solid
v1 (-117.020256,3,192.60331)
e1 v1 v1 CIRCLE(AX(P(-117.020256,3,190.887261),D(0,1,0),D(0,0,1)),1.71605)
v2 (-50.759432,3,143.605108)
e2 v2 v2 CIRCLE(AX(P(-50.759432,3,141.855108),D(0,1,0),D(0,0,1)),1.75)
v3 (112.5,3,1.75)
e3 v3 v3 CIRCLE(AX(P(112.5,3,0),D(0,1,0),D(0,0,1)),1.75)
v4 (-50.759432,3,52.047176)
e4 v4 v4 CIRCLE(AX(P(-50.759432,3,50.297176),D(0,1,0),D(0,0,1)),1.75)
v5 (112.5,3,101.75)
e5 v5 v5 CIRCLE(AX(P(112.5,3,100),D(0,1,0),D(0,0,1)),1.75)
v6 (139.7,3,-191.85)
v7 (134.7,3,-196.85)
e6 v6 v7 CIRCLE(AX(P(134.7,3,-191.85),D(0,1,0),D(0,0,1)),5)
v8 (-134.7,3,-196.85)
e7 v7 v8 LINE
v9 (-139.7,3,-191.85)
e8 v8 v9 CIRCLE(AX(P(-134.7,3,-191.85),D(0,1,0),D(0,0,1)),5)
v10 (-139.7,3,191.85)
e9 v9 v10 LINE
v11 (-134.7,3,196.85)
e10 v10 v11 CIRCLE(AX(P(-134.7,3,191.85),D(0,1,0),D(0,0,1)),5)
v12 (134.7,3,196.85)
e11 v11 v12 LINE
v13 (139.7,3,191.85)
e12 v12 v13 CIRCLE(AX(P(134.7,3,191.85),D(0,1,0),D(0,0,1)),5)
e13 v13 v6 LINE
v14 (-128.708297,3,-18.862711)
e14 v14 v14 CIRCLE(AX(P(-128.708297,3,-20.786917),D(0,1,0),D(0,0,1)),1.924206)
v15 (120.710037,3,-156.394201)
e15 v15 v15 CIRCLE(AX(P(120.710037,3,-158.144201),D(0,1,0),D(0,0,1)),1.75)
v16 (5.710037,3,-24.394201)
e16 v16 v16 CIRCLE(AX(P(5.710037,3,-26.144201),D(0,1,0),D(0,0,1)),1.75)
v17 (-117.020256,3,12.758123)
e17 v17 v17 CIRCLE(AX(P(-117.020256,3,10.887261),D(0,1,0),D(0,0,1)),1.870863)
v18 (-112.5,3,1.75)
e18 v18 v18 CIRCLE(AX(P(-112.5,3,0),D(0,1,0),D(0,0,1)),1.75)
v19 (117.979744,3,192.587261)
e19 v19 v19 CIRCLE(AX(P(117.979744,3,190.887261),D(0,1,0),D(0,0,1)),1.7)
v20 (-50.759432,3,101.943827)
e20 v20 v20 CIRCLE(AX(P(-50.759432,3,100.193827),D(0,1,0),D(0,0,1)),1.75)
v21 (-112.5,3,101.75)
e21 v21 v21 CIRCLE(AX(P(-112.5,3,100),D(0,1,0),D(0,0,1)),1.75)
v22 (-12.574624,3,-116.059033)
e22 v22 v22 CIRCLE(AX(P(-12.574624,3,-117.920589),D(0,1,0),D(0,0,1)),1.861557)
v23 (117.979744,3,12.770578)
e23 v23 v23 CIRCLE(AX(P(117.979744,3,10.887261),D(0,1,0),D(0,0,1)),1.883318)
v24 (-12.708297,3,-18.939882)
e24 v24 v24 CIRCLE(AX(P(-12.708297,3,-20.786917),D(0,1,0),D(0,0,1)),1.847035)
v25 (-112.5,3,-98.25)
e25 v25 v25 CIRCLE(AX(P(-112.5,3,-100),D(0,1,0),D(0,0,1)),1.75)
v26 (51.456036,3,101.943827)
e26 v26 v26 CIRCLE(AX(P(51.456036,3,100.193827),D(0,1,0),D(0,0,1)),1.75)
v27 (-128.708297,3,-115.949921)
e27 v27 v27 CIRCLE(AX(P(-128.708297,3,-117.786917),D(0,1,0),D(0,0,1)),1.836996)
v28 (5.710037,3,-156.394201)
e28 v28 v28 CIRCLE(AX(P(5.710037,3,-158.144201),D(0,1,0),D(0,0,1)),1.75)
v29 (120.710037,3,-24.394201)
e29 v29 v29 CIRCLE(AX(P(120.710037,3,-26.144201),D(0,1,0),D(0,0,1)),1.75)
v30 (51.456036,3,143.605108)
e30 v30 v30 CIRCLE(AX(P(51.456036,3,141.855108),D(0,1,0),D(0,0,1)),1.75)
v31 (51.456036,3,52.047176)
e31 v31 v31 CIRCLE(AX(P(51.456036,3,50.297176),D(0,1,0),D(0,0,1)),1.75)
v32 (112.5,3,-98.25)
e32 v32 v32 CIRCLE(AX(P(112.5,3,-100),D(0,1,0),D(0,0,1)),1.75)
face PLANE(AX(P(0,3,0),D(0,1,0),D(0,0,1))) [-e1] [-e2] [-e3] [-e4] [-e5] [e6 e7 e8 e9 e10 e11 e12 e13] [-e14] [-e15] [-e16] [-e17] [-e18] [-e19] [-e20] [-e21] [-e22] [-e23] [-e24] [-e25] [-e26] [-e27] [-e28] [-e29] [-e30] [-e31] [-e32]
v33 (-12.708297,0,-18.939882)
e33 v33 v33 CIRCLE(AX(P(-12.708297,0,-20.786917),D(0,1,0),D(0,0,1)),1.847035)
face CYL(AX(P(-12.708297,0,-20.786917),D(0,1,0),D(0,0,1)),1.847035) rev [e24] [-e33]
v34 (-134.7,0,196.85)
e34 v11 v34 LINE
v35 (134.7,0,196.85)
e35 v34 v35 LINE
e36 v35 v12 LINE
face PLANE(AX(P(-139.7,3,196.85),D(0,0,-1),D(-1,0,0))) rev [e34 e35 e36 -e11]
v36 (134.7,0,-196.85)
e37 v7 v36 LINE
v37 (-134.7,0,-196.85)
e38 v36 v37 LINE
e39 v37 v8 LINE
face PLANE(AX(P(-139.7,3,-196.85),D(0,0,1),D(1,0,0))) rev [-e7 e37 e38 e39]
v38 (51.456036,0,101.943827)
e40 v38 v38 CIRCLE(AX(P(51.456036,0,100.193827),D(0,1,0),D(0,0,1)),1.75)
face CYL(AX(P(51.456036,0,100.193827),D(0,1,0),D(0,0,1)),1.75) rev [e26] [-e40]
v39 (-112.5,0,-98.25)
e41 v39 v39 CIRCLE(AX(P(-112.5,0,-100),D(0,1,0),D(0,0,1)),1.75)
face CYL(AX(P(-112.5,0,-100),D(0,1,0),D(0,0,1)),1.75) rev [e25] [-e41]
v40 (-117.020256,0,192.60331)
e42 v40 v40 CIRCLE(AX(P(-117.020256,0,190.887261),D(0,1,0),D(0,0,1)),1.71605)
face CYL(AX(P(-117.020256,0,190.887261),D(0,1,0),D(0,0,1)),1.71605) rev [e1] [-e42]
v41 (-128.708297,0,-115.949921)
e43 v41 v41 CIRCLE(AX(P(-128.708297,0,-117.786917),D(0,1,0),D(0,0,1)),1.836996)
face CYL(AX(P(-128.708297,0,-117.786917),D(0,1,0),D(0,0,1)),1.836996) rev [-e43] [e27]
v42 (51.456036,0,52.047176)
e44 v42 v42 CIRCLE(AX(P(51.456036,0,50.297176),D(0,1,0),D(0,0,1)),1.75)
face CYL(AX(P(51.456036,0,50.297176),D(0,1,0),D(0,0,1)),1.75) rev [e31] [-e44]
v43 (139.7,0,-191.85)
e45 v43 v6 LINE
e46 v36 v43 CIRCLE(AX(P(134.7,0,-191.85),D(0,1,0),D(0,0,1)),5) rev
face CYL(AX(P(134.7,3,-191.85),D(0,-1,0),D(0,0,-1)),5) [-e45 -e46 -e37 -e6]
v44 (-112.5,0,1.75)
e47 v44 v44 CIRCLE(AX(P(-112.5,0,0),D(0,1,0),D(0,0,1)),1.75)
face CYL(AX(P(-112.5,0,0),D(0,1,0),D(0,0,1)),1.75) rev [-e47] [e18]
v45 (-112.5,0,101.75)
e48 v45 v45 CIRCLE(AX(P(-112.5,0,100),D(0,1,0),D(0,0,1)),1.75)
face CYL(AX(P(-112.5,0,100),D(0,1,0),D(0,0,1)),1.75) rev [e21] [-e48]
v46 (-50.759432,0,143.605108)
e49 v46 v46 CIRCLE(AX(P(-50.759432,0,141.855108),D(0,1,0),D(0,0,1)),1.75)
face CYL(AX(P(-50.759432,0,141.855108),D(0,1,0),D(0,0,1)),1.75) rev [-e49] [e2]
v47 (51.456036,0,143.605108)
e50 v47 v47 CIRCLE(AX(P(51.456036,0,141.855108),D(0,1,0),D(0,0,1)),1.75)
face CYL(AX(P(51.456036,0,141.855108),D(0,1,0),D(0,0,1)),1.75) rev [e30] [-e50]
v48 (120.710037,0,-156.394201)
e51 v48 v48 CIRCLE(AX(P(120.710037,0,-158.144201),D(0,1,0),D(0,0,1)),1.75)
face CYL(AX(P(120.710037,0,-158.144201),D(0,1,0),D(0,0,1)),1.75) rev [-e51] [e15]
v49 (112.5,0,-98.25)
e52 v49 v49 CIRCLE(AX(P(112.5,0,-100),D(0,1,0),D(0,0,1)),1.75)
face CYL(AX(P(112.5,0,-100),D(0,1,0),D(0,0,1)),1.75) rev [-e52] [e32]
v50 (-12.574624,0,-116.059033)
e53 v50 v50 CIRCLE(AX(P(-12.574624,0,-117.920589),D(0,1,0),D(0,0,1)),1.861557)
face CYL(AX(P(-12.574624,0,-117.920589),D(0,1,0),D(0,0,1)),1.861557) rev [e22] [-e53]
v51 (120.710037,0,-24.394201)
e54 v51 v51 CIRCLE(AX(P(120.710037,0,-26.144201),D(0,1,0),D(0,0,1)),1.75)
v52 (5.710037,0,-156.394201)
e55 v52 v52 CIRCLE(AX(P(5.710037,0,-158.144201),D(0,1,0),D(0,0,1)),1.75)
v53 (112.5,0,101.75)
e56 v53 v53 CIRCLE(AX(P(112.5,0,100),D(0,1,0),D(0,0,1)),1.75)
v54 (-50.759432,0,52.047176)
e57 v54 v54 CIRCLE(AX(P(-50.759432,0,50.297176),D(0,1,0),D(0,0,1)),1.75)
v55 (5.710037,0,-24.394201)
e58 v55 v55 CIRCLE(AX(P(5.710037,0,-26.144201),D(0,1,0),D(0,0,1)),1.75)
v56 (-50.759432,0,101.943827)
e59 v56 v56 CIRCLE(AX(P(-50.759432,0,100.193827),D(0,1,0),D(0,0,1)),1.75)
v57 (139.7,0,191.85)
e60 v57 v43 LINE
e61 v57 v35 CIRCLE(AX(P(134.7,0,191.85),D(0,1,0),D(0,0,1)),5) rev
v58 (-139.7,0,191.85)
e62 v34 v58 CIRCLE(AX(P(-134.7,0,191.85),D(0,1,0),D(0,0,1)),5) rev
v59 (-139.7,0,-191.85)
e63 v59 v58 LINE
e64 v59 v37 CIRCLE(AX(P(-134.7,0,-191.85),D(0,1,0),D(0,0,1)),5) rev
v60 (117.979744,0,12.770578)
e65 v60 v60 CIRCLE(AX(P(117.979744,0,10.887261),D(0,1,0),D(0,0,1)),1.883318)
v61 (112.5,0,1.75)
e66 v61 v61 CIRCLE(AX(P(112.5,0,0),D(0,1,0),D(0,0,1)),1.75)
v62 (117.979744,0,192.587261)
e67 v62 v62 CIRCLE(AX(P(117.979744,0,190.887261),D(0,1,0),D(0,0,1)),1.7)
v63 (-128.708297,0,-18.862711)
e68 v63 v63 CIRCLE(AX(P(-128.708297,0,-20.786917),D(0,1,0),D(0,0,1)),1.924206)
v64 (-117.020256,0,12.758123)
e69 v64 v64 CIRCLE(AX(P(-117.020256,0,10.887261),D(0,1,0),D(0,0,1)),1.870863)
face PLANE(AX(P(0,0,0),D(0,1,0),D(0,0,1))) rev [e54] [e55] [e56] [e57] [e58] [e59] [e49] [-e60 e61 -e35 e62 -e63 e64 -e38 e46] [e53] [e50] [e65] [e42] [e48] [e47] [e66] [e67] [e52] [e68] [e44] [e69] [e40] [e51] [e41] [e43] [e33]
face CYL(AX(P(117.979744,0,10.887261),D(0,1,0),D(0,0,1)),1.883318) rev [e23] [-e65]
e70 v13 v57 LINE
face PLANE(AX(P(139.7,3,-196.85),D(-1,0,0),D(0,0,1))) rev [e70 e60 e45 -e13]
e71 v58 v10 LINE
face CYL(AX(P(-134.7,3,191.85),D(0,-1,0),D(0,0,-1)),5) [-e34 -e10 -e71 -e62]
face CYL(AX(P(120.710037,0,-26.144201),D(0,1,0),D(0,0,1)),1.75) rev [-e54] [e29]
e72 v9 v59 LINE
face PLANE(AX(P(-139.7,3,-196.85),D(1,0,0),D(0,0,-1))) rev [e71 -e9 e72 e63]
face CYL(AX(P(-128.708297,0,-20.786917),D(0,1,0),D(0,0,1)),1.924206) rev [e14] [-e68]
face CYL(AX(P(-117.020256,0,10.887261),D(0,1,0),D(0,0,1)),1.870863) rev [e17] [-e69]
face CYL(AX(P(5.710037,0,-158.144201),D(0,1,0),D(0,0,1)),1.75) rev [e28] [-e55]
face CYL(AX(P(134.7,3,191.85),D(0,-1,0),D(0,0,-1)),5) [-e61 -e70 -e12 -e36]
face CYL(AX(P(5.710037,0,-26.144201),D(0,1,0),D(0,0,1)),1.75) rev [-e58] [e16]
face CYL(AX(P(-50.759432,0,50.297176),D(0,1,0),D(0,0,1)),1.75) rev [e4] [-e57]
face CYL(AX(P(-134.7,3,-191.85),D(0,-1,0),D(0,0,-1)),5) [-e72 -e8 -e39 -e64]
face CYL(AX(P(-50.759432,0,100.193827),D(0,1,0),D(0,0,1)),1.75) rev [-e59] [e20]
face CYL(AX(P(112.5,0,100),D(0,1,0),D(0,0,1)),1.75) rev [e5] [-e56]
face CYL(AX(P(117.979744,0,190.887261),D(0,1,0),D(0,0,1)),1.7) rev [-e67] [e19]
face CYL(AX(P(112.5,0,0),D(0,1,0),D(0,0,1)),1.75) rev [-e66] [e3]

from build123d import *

# Parameters (mm, degrees)
SKETCH1_W           = 279.4
SKETCH1_H           = 393.7
BOSS_EXTRUDE1_DEPTH = 3
SKETCH2_R           = 1.71604989
SKETCH2_R_2         = 1.75
SKETCH2_R_3         = 1.7
SKETCH2_R_4         = 1.870862721
SKETCH2_R_5         = 1.883317569
SKETCH2_R_6         = 1.83699597
SKETCH2_R_7         = 1.924205911
SKETCH2_R_8         = 1.847035123
SKETCH2_R_9         = 1.86155666
CUT_EXTRUDE1_DEPTH  = 4
SKETCH3_R           = 1.75
CUT_EXTRUDE2_DEPTH  = 4
SKETCH4_R           = 1.75
CUT_EXTRUDE3_DEPTH  = 4
FILLET1_R           = 5


with BuildPart() as part:
    # Sketch1 → Boss-Extrude1 (new body)
    with BuildSketch(Plane(origin=(0, 0, 0), x_dir=(1, 0, 0), z_dir=(0, 1, 0))):
        Rectangle(SKETCH1_W, SKETCH1_H)
    extrude(amount=BOSS_EXTRUDE1_DEPTH)

    # Sketch2 → Cut-Extrude1 (cut, through all)
    with BuildSketch(Plane(origin=(0, 3, 0), x_dir=(1, 0, 0), z_dir=(0, 1, 0))):
        with Locations((-117.02025572, -190.887260588)):
            Circle(SKETCH2_R)
        with Locations((5.710036522, 158.14420085)):
            Circle(SKETCH2_R_2)
        with Locations((120.710036522, 158.14420085)):
            Circle(SKETCH2_R_2)
        with Locations((120.710036522, 26.14420085)):
            Circle(SKETCH2_R_2)
        with Locations((5.710036522, 26.14420085)):
            Circle(SKETCH2_R_2)
        with Locations((117.97974428, -190.887260588)):
            Circle(SKETCH2_R_3)
        with Locations((-117.02025572, -10.887260588)):
            Circle(SKETCH2_R_4)
        with Locations((117.97974428, -10.887260588)):
            Circle(SKETCH2_R_5)
        with Locations((-128.708296928, 117.786916863)):
            Circle(SKETCH2_R_6)
        with Locations((-128.708296928, 20.786916863)):
            Circle(SKETCH2_R_7)
        with Locations((-12.708296928, 20.786916863)):
            Circle(SKETCH2_R_8)
        with Locations((-12.57462446, 117.92058933)):
            Circle(SKETCH2_R_9)
    extrude(amount=-CUT_EXTRUDE1_DEPTH, mode=Mode.SUBTRACT)

    # Sketch3 → Cut-Extrude2 (cut, through all)
    with BuildSketch(Plane(origin=(0, 3, 0), x_dir=(1, 0, 0), z_dir=(0, 1, 0))):
        with Locations((-112.5, -100)):
            Circle(SKETCH3_R)
        with Locations((112.5, -100)):
            Circle(SKETCH3_R)
        with Locations((-112.5, 100)):
            Circle(SKETCH3_R)
        with Locations((112.5, 100)):
            Circle(SKETCH3_R)
        with Locations((-112.5, 0)):
            Circle(SKETCH3_R)
        with Locations((112.5, 0)):
            Circle(SKETCH3_R)
    extrude(amount=-CUT_EXTRUDE2_DEPTH, mode=Mode.SUBTRACT)

    # Sketch4 → Cut-Extrude3 (cut, through all)
    with BuildSketch(Plane(origin=(0, 3, 0), x_dir=(1, 0, 0), z_dir=(0, 1, 0))):
        with Locations((-50.759432207, -100.193826828)):
            Circle(SKETCH4_R)
        with Locations((51.456036179, -100.193826828)):
            Circle(SKETCH4_R)
        with Locations((-50.759432207, -50.297176383)):
            Circle(SKETCH4_R)
        with Locations((51.456036179, -50.297176383)):
            Circle(SKETCH4_R)
        with Locations((-50.759432207, -141.855107781)):
            Circle(SKETCH4_R)
        with Locations((51.456036179, -141.855107781)):
            Circle(SKETCH4_R)
    extrude(amount=-CUT_EXTRUDE3_DEPTH, mode=Mode.SUBTRACT)

    # Fillet1
    fillet1_edges = [part.edges().sort_by_distance(p)[0] for p in [
        (139.7, 1.5, 196.85),
        (-139.7, 1.5, 196.85),
        (-139.7, 1.5, -196.85),
        (139.7, 1.5, -196.85),
    ]]
    fillet(fillet1_edges, radius=FILLET1_R)


solid = part.part
